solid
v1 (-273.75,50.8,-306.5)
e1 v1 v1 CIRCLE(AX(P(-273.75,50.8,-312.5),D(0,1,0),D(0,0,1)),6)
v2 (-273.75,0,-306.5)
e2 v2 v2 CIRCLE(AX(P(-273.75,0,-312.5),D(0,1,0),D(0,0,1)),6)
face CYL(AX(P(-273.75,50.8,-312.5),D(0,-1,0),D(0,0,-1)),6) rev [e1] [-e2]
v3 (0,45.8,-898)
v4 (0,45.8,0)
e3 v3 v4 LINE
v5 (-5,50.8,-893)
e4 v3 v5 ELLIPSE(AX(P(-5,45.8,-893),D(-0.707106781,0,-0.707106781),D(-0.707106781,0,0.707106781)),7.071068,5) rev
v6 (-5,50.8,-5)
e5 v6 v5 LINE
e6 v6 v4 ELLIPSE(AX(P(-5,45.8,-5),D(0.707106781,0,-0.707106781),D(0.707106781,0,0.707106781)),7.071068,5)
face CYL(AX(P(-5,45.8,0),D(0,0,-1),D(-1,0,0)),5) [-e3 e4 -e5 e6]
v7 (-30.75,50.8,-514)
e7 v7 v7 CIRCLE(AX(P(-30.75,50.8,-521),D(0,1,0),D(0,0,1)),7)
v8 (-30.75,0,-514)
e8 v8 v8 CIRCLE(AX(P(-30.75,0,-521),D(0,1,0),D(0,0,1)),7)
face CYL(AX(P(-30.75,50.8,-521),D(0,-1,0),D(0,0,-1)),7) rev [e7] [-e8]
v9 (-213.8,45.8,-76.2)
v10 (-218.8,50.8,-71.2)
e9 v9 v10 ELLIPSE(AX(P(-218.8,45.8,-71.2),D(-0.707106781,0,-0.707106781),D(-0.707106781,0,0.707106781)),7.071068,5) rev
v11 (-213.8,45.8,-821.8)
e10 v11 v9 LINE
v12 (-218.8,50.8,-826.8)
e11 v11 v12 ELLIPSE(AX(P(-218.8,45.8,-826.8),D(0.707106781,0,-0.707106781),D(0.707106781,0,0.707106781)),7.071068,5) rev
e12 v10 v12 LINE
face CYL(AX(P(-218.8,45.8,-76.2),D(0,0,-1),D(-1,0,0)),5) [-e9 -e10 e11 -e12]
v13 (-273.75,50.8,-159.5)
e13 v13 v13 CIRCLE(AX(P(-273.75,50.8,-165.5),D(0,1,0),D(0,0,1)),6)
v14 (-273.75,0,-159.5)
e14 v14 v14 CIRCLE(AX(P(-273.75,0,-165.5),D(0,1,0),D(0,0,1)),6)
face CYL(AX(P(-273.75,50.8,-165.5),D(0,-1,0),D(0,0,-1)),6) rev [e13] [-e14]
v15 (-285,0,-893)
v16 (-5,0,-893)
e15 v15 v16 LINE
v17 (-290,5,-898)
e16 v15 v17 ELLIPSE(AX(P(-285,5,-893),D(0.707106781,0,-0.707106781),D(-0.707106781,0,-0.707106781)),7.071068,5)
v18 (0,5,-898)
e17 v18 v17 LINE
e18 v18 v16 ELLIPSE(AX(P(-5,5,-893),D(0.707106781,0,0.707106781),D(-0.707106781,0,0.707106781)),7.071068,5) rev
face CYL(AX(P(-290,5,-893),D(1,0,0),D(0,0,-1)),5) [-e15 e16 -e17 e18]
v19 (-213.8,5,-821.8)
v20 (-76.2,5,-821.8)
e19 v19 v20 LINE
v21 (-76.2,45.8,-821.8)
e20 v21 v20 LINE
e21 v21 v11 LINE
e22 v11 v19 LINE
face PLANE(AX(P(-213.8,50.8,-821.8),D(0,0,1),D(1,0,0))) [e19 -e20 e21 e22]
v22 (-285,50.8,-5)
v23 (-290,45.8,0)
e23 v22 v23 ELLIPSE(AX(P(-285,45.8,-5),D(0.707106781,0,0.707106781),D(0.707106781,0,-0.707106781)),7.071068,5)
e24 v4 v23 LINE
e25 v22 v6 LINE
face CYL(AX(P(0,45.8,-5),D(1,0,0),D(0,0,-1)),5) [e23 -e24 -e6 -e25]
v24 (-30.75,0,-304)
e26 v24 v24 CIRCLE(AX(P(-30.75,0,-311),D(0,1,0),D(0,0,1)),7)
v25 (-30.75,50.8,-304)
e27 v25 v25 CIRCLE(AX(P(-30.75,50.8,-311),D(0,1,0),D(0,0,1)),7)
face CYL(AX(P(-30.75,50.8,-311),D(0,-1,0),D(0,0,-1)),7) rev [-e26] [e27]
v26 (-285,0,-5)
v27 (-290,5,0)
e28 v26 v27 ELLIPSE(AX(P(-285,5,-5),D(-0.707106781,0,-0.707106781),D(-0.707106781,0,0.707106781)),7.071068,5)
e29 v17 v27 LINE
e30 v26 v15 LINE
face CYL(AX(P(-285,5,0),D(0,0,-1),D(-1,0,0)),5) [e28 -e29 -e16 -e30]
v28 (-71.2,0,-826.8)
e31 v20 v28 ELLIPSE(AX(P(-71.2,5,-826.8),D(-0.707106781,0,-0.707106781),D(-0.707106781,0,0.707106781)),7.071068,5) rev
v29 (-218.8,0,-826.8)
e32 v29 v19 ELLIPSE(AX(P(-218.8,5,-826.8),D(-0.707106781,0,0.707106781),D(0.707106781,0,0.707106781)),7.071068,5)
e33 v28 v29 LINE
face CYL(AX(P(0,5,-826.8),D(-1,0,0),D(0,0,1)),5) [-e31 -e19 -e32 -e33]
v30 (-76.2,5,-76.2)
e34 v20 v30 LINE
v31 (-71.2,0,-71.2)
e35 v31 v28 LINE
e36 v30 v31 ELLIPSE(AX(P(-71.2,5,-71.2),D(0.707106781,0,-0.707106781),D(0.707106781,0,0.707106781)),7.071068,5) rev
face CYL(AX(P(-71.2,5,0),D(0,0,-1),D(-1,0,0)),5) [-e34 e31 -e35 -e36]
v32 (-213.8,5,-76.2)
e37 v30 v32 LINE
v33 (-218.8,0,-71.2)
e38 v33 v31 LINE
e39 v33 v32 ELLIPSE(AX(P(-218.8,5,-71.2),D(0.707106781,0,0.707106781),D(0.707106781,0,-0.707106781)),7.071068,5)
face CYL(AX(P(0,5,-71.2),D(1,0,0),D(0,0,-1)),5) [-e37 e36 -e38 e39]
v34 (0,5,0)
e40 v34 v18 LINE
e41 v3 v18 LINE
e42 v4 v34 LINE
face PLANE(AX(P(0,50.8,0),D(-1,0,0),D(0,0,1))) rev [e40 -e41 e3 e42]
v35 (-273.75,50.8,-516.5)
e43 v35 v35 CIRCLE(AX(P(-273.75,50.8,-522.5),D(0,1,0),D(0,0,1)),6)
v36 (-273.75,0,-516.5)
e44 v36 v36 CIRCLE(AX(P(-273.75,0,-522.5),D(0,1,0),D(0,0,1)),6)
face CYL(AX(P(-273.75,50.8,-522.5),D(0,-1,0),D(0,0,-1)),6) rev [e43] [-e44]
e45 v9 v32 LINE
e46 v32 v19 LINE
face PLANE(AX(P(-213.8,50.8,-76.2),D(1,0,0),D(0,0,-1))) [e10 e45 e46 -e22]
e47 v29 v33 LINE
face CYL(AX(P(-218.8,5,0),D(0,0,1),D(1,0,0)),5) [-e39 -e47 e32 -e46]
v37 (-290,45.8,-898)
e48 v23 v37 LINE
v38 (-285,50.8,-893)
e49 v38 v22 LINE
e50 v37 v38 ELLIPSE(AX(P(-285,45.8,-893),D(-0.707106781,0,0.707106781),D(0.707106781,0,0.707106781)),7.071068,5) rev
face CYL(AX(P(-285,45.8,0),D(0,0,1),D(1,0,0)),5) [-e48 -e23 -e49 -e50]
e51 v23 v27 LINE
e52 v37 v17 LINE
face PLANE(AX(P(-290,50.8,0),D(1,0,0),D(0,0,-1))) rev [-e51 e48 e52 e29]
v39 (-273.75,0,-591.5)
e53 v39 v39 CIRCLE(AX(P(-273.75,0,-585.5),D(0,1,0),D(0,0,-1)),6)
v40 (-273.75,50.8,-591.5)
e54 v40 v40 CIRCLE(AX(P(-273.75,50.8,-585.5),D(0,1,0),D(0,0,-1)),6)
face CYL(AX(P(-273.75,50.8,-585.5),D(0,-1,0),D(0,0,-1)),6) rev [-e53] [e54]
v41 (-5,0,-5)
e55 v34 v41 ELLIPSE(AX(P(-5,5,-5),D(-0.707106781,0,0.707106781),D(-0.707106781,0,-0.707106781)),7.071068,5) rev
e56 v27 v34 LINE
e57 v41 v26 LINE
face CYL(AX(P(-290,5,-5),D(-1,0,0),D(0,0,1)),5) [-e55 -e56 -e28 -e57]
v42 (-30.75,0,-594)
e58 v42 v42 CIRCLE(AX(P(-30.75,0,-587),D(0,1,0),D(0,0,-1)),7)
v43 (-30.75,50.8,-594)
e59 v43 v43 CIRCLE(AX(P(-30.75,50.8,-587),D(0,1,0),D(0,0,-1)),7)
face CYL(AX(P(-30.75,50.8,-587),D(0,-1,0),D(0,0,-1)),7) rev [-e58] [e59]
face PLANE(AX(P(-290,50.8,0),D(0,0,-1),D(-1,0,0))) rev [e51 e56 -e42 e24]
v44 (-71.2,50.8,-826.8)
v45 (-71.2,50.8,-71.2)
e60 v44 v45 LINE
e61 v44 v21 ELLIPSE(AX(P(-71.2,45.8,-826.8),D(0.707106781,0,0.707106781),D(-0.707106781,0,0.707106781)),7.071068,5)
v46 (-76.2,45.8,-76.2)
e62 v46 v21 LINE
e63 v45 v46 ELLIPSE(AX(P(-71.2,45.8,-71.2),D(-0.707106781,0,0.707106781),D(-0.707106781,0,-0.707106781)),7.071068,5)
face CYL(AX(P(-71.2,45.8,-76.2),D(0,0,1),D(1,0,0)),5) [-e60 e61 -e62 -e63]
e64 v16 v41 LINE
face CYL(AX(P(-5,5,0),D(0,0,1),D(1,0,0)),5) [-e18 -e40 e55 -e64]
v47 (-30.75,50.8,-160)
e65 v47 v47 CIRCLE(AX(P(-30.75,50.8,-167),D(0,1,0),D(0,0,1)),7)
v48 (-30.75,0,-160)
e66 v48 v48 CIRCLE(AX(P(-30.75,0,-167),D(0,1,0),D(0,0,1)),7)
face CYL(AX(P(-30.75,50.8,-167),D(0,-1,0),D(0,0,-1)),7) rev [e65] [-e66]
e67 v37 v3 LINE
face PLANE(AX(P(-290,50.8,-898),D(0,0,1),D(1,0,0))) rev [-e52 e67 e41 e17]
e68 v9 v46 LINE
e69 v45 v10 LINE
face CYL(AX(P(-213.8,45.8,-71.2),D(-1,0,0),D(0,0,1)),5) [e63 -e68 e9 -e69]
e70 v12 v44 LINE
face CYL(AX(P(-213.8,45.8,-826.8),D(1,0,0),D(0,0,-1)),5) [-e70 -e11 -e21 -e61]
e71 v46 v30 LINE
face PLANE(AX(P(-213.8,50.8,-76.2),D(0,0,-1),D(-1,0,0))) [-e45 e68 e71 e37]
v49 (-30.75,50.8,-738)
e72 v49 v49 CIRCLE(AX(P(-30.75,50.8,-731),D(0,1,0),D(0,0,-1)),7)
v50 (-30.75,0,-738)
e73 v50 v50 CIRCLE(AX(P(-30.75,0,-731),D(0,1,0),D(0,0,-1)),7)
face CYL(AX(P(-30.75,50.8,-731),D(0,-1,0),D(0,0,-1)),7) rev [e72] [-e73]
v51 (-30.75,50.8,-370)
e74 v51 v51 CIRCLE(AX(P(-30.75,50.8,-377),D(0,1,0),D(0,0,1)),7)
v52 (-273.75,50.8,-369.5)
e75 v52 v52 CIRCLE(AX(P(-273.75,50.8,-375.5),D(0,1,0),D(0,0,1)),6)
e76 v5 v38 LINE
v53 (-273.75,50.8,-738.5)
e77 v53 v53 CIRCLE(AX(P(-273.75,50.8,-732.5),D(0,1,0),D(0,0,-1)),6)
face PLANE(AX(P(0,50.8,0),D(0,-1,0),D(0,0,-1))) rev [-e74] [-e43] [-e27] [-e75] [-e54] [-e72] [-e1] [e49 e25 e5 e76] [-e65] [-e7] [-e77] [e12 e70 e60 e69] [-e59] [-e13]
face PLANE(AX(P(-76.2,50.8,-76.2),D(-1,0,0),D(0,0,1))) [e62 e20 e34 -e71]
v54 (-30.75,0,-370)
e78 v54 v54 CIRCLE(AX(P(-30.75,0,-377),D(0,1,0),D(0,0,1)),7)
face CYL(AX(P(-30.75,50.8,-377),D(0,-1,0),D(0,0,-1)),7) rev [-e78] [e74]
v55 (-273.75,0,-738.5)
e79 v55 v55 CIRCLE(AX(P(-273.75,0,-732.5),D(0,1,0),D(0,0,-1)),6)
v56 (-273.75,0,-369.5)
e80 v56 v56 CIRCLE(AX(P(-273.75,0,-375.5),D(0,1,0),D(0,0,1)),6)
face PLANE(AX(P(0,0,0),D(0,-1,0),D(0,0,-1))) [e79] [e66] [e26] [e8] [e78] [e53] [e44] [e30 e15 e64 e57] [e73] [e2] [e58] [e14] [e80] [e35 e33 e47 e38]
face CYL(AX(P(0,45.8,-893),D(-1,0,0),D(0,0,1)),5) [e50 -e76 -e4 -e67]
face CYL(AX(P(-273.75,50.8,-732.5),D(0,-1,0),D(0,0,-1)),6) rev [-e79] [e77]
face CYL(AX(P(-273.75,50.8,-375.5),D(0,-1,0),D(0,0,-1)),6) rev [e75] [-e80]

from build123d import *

# Parameters (mm, degrees)
CROQUIS1_W              = 290
CROQUIS1_H              = 898
CROQUIS1_R              = 6
CROQUIS1_R_2            = 7
CROQUIS1_W_2            = 137.6
CROQUIS1_H_2            = 745.6
SALIENTE_EXTRUIR1_DEPTH = 50.8
REDONDEO1_R             = 5
REDONDEO2_R             = 5


with BuildPart() as part:
    # Croquis1 → Saliente-Extruir1 (new body)
    with BuildSketch(Plane(origin=(0, 0, 0), x_dir=(1, 0, 0), z_dir=(0, 1, 0))):
        with Locations((-145, 449)):
            Rectangle(CROQUIS1_W, CROQUIS1_H)
        with Locations(Location((-273.75, 375.5, 0), (0, 0, 270))):
            Circle(CROQUIS1_R, mode=Mode.SUBTRACT)
        with Locations(Location((-273.75, 522.5, 0), (0, 0, 270))):
            Circle(CROQUIS1_R, mode=Mode.SUBTRACT)
        with Locations(Location((-30.75, 377, 0), (0, 0, 270))):
            Circle(CROQUIS1_R_2, mode=Mode.SUBTRACT)
        with Locations(Location((-30.75, 521, 0), (0, 0, 270))):
            Circle(CROQUIS1_R_2, mode=Mode.SUBTRACT)
        with Locations(Location((-30.75, 167, 0), (0, 0, 270))):
            Circle(CROQUIS1_R_2, mode=Mode.SUBTRACT)
        with Locations(Location((-273.75, 732.5, 0), (0, 0, 90))):
            Circle(CROQUIS1_R, mode=Mode.SUBTRACT)
        with Locations(Location((-273.75, 312.5, 0), (0, 0, 270))):
            Circle(CROQUIS1_R, mode=Mode.SUBTRACT)
        with Locations(Location((-30.75, 311, 0), (0, 0, 270))):
            Circle(CROQUIS1_R_2, mode=Mode.SUBTRACT)
        with Locations(Location((-273.75, 165.5, 0), (0, 0, 270))):
            Circle(CROQUIS1_R, mode=Mode.SUBTRACT)
        with Locations(Location((-30.75, 587, 0), (0, 0, 90))):
            Circle(CROQUIS1_R_2, mode=Mode.SUBTRACT)
        with Locations(Location((-273.75, 585.5, 0), (0, 0, 90))):
            Circle(CROQUIS1_R, mode=Mode.SUBTRACT)
        with Locations(Location((-30.75, 731, 0), (0, 0, 90))):
            Circle(CROQUIS1_R_2, mode=Mode.SUBTRACT)
        with Locations((-145, 449)):
            Rectangle(CROQUIS1_W_2, CROQUIS1_H_2, mode=Mode.SUBTRACT)
    extrude(amount=SALIENTE_EXTRUIR1_DEPTH)

    # Redondeo1
    redondeo1_edges = [part.edges().sort_by_distance(p)[0] for p in [
        (-290, 50.8, -449),
        (-145, 50.8, 0),
        (-76.2, 50.8, -449),
        (-145, 50.8, -821.8),
        (-213.8, 50.8, -449),
        (-145, 50.8, -76.2),
        (0, 50.8, -449),
        (-145, 50.8, -898),
    ]]
    fillet(redondeo1_edges, radius=REDONDEO1_R)

    # Redondeo2
    redondeo2_edges = [part.edges().sort_by_distance(p)[0] for p in [
        (-76.2, 0, -449),
        (-145, 0, -821.8),
        (-213.8, 0, -449),
        (-145, 0, -76.2),
        (-145, 0, 0),
        (-290, 0, -449),
        (-145, 0, -898),
        (0, 0, -449),
    ]]
    fillet(redondeo2_edges, radius=REDONDEO2_R)


solid = part.part
